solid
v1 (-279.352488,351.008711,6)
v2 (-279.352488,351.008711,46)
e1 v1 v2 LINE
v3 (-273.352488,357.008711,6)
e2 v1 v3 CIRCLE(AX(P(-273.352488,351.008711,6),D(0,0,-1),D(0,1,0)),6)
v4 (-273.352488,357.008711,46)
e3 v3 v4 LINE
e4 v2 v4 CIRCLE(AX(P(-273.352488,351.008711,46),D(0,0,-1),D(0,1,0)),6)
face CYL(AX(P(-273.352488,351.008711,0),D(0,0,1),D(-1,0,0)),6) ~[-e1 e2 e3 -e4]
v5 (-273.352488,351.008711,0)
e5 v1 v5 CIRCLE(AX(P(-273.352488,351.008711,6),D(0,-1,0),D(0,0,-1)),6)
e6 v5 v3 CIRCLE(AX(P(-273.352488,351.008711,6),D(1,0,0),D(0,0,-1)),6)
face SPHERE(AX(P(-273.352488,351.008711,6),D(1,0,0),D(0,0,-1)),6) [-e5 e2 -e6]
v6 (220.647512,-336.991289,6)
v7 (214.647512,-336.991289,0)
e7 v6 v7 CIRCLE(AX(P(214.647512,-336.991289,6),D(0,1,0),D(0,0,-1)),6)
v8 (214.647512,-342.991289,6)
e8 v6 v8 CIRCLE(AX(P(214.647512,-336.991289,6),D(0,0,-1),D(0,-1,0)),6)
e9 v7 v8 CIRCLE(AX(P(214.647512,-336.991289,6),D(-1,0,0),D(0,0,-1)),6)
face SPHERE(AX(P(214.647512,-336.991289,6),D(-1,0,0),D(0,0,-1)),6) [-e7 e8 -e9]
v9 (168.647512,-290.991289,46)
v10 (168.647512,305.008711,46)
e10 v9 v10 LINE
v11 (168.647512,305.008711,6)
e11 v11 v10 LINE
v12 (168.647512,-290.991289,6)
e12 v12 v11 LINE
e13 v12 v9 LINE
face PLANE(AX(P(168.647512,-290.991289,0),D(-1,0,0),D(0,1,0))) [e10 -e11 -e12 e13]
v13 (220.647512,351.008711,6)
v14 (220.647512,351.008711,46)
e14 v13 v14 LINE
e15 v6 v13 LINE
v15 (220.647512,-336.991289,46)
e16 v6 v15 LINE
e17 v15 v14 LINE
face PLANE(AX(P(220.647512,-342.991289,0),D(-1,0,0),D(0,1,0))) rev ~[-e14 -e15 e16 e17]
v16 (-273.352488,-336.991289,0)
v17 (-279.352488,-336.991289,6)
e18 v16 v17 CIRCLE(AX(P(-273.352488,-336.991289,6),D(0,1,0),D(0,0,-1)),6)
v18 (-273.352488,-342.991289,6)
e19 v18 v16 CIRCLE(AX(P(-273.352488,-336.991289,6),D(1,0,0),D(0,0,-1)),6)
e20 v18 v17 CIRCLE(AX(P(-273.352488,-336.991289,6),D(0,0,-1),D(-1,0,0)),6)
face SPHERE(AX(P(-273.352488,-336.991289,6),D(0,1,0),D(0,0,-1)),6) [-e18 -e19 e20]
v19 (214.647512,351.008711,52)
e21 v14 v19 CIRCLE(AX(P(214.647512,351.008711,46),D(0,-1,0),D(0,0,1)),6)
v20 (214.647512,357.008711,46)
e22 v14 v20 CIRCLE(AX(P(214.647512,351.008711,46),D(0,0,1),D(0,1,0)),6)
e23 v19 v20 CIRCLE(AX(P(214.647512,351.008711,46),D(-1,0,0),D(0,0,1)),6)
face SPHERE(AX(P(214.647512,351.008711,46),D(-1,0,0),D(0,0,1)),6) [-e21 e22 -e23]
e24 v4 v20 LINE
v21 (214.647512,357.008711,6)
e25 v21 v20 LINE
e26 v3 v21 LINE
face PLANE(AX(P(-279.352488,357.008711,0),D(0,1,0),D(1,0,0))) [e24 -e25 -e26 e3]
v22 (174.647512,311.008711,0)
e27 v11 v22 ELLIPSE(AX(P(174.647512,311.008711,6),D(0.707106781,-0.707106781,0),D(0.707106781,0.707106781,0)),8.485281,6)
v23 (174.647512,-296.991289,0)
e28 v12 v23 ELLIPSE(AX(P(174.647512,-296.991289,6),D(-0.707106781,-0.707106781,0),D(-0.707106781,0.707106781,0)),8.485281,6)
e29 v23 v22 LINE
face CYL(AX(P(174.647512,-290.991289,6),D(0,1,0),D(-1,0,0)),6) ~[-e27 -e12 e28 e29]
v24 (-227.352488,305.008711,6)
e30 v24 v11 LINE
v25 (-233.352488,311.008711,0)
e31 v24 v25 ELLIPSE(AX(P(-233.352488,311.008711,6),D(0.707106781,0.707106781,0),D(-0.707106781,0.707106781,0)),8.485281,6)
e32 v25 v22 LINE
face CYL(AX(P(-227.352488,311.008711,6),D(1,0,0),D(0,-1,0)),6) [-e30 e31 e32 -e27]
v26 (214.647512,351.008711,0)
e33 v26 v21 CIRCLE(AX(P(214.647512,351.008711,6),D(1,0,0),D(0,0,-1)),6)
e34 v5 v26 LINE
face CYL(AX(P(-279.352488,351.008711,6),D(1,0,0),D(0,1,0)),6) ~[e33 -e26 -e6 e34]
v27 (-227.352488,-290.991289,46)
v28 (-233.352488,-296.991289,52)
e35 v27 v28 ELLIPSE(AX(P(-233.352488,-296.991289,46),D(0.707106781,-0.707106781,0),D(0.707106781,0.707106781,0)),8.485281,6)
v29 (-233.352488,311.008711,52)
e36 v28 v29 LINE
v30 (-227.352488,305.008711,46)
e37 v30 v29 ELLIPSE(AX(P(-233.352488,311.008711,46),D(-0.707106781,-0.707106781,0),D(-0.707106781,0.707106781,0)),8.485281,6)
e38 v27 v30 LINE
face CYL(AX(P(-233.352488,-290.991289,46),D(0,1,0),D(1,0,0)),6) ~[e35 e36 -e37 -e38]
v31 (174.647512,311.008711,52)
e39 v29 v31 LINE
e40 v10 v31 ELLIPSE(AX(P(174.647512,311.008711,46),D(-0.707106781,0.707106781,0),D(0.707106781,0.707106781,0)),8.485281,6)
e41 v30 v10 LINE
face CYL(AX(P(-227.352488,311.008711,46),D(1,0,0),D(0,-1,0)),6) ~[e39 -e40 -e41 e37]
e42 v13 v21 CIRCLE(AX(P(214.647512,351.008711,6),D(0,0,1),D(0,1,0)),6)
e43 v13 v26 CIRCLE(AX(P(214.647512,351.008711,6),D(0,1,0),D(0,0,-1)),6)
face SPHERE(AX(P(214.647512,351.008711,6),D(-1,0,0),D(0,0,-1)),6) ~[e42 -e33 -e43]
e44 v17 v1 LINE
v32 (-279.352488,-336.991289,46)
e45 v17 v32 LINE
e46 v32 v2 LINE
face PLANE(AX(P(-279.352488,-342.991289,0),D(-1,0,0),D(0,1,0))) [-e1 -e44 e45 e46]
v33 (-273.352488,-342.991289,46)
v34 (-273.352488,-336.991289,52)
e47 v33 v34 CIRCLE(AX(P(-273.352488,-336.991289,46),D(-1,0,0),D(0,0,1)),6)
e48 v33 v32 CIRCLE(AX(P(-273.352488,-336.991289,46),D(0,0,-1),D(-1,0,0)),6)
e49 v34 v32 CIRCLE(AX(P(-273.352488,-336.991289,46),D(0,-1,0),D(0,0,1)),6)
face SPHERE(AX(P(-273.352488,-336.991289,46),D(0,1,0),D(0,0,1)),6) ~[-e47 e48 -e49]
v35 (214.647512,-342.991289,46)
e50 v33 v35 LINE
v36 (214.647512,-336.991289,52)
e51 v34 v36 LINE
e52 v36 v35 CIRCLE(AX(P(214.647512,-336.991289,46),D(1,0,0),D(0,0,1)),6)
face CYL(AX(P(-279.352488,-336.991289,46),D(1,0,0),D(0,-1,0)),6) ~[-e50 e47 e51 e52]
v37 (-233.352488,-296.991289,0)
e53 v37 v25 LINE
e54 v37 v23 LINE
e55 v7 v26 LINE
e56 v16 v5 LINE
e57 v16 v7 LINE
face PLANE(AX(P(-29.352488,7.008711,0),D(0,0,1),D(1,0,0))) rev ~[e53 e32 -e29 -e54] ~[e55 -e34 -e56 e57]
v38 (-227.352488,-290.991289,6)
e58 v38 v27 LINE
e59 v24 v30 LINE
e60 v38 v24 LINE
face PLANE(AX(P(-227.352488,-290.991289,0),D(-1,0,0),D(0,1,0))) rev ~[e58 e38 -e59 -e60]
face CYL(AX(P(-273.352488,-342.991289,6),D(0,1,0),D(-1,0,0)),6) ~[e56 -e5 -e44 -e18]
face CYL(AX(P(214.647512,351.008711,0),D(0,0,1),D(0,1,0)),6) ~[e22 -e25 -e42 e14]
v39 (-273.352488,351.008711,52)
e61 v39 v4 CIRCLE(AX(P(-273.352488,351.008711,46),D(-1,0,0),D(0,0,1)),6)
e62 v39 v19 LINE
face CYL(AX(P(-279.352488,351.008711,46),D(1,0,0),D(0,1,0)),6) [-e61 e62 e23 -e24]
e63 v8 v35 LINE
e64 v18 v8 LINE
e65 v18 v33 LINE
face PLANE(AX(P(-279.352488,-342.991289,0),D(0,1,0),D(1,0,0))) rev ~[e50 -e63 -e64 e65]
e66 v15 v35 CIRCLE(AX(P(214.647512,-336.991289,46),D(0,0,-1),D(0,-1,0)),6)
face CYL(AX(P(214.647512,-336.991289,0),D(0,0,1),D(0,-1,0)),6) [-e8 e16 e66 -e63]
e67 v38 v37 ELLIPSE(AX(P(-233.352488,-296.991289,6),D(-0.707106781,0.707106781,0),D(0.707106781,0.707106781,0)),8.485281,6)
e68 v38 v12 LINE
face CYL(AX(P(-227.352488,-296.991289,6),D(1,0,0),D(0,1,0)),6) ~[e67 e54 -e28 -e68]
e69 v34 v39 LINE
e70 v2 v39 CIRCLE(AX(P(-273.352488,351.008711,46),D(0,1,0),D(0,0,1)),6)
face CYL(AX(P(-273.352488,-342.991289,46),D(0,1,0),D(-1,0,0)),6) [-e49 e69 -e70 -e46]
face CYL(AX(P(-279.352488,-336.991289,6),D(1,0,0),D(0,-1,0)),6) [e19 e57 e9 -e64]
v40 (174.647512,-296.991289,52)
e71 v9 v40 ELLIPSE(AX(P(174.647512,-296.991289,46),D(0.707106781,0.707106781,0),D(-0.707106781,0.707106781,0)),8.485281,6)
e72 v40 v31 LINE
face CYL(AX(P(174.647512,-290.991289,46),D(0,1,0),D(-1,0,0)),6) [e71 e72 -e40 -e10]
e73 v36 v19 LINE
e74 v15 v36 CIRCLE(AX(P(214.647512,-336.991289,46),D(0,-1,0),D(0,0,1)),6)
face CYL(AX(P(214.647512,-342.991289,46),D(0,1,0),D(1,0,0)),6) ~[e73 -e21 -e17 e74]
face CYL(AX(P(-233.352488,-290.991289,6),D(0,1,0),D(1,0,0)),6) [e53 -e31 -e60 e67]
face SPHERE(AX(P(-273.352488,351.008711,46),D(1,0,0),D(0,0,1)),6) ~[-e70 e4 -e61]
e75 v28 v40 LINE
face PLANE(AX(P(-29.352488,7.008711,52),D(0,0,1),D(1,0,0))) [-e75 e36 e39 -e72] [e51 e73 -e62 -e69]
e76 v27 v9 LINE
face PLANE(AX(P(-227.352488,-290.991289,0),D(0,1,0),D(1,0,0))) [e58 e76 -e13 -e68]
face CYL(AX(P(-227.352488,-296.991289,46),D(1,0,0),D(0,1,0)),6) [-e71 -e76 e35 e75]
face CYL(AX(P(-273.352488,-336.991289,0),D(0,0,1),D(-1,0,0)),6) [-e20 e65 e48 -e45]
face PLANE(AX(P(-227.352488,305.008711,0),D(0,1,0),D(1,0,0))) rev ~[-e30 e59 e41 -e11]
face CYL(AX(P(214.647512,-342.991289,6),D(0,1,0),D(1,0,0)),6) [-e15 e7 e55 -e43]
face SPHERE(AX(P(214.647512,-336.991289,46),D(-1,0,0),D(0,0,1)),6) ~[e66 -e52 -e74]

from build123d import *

# Parameters (mm, degrees)
F0_W     = 500
F0_H     = 700
F0_W_2   = 396
F0_H_2   = 596
F1_DEPTH = 52
F2_R     = 6


with BuildPart() as f1:
    # F0 (on Top) → F1 (new body)
    with BuildSketch(Plane.XY):
        with Locations((-29.352488, 7.008711)):
            Rectangle(F0_W, F0_H)
        with Locations((-29.352488, 7.008711)):
            Rectangle(F0_W_2, F0_H_2, mode=Mode.SUBTRACT)
    extrude(amount=F1_DEPTH)

    # F2
    f2_edges = [f1.edges().sort_by_distance(p)[0] for p in [
        (-29.352488, 357.008711, 0),
        (-279.352488, 7.008711, 0),
        (-29.352488, -342.991289, 0),
        (220.647512, 7.008711, 0),
        (-227.352488, 7.008711, 0),
        (-29.352488, 305.008711, 0),
        (168.647512, 7.008711, 0),
        (-29.352488, -290.991289, 0),
        (-29.352488, 357.008711, 52),
        (-279.352488, 7.008711, 52),
        (-29.352488, -342.991289, 52),
        (220.647512, 7.008711, 52),
        (-227.352488, 7.008711, 52),
        (-29.352488, 305.008711, 52),
        (168.647512, 7.008711, 52),
        (-29.352488, -290.991289, 52),
        (-279.352488, 357.008711, 26),
        (-279.352488, -342.991289, 26),
        (220.647512, -342.991289, 26),
        (220.647512, 357.008711, 26),
    ]]
    fillet(f2_edges, radius=F2_R)


solid = f1.part
